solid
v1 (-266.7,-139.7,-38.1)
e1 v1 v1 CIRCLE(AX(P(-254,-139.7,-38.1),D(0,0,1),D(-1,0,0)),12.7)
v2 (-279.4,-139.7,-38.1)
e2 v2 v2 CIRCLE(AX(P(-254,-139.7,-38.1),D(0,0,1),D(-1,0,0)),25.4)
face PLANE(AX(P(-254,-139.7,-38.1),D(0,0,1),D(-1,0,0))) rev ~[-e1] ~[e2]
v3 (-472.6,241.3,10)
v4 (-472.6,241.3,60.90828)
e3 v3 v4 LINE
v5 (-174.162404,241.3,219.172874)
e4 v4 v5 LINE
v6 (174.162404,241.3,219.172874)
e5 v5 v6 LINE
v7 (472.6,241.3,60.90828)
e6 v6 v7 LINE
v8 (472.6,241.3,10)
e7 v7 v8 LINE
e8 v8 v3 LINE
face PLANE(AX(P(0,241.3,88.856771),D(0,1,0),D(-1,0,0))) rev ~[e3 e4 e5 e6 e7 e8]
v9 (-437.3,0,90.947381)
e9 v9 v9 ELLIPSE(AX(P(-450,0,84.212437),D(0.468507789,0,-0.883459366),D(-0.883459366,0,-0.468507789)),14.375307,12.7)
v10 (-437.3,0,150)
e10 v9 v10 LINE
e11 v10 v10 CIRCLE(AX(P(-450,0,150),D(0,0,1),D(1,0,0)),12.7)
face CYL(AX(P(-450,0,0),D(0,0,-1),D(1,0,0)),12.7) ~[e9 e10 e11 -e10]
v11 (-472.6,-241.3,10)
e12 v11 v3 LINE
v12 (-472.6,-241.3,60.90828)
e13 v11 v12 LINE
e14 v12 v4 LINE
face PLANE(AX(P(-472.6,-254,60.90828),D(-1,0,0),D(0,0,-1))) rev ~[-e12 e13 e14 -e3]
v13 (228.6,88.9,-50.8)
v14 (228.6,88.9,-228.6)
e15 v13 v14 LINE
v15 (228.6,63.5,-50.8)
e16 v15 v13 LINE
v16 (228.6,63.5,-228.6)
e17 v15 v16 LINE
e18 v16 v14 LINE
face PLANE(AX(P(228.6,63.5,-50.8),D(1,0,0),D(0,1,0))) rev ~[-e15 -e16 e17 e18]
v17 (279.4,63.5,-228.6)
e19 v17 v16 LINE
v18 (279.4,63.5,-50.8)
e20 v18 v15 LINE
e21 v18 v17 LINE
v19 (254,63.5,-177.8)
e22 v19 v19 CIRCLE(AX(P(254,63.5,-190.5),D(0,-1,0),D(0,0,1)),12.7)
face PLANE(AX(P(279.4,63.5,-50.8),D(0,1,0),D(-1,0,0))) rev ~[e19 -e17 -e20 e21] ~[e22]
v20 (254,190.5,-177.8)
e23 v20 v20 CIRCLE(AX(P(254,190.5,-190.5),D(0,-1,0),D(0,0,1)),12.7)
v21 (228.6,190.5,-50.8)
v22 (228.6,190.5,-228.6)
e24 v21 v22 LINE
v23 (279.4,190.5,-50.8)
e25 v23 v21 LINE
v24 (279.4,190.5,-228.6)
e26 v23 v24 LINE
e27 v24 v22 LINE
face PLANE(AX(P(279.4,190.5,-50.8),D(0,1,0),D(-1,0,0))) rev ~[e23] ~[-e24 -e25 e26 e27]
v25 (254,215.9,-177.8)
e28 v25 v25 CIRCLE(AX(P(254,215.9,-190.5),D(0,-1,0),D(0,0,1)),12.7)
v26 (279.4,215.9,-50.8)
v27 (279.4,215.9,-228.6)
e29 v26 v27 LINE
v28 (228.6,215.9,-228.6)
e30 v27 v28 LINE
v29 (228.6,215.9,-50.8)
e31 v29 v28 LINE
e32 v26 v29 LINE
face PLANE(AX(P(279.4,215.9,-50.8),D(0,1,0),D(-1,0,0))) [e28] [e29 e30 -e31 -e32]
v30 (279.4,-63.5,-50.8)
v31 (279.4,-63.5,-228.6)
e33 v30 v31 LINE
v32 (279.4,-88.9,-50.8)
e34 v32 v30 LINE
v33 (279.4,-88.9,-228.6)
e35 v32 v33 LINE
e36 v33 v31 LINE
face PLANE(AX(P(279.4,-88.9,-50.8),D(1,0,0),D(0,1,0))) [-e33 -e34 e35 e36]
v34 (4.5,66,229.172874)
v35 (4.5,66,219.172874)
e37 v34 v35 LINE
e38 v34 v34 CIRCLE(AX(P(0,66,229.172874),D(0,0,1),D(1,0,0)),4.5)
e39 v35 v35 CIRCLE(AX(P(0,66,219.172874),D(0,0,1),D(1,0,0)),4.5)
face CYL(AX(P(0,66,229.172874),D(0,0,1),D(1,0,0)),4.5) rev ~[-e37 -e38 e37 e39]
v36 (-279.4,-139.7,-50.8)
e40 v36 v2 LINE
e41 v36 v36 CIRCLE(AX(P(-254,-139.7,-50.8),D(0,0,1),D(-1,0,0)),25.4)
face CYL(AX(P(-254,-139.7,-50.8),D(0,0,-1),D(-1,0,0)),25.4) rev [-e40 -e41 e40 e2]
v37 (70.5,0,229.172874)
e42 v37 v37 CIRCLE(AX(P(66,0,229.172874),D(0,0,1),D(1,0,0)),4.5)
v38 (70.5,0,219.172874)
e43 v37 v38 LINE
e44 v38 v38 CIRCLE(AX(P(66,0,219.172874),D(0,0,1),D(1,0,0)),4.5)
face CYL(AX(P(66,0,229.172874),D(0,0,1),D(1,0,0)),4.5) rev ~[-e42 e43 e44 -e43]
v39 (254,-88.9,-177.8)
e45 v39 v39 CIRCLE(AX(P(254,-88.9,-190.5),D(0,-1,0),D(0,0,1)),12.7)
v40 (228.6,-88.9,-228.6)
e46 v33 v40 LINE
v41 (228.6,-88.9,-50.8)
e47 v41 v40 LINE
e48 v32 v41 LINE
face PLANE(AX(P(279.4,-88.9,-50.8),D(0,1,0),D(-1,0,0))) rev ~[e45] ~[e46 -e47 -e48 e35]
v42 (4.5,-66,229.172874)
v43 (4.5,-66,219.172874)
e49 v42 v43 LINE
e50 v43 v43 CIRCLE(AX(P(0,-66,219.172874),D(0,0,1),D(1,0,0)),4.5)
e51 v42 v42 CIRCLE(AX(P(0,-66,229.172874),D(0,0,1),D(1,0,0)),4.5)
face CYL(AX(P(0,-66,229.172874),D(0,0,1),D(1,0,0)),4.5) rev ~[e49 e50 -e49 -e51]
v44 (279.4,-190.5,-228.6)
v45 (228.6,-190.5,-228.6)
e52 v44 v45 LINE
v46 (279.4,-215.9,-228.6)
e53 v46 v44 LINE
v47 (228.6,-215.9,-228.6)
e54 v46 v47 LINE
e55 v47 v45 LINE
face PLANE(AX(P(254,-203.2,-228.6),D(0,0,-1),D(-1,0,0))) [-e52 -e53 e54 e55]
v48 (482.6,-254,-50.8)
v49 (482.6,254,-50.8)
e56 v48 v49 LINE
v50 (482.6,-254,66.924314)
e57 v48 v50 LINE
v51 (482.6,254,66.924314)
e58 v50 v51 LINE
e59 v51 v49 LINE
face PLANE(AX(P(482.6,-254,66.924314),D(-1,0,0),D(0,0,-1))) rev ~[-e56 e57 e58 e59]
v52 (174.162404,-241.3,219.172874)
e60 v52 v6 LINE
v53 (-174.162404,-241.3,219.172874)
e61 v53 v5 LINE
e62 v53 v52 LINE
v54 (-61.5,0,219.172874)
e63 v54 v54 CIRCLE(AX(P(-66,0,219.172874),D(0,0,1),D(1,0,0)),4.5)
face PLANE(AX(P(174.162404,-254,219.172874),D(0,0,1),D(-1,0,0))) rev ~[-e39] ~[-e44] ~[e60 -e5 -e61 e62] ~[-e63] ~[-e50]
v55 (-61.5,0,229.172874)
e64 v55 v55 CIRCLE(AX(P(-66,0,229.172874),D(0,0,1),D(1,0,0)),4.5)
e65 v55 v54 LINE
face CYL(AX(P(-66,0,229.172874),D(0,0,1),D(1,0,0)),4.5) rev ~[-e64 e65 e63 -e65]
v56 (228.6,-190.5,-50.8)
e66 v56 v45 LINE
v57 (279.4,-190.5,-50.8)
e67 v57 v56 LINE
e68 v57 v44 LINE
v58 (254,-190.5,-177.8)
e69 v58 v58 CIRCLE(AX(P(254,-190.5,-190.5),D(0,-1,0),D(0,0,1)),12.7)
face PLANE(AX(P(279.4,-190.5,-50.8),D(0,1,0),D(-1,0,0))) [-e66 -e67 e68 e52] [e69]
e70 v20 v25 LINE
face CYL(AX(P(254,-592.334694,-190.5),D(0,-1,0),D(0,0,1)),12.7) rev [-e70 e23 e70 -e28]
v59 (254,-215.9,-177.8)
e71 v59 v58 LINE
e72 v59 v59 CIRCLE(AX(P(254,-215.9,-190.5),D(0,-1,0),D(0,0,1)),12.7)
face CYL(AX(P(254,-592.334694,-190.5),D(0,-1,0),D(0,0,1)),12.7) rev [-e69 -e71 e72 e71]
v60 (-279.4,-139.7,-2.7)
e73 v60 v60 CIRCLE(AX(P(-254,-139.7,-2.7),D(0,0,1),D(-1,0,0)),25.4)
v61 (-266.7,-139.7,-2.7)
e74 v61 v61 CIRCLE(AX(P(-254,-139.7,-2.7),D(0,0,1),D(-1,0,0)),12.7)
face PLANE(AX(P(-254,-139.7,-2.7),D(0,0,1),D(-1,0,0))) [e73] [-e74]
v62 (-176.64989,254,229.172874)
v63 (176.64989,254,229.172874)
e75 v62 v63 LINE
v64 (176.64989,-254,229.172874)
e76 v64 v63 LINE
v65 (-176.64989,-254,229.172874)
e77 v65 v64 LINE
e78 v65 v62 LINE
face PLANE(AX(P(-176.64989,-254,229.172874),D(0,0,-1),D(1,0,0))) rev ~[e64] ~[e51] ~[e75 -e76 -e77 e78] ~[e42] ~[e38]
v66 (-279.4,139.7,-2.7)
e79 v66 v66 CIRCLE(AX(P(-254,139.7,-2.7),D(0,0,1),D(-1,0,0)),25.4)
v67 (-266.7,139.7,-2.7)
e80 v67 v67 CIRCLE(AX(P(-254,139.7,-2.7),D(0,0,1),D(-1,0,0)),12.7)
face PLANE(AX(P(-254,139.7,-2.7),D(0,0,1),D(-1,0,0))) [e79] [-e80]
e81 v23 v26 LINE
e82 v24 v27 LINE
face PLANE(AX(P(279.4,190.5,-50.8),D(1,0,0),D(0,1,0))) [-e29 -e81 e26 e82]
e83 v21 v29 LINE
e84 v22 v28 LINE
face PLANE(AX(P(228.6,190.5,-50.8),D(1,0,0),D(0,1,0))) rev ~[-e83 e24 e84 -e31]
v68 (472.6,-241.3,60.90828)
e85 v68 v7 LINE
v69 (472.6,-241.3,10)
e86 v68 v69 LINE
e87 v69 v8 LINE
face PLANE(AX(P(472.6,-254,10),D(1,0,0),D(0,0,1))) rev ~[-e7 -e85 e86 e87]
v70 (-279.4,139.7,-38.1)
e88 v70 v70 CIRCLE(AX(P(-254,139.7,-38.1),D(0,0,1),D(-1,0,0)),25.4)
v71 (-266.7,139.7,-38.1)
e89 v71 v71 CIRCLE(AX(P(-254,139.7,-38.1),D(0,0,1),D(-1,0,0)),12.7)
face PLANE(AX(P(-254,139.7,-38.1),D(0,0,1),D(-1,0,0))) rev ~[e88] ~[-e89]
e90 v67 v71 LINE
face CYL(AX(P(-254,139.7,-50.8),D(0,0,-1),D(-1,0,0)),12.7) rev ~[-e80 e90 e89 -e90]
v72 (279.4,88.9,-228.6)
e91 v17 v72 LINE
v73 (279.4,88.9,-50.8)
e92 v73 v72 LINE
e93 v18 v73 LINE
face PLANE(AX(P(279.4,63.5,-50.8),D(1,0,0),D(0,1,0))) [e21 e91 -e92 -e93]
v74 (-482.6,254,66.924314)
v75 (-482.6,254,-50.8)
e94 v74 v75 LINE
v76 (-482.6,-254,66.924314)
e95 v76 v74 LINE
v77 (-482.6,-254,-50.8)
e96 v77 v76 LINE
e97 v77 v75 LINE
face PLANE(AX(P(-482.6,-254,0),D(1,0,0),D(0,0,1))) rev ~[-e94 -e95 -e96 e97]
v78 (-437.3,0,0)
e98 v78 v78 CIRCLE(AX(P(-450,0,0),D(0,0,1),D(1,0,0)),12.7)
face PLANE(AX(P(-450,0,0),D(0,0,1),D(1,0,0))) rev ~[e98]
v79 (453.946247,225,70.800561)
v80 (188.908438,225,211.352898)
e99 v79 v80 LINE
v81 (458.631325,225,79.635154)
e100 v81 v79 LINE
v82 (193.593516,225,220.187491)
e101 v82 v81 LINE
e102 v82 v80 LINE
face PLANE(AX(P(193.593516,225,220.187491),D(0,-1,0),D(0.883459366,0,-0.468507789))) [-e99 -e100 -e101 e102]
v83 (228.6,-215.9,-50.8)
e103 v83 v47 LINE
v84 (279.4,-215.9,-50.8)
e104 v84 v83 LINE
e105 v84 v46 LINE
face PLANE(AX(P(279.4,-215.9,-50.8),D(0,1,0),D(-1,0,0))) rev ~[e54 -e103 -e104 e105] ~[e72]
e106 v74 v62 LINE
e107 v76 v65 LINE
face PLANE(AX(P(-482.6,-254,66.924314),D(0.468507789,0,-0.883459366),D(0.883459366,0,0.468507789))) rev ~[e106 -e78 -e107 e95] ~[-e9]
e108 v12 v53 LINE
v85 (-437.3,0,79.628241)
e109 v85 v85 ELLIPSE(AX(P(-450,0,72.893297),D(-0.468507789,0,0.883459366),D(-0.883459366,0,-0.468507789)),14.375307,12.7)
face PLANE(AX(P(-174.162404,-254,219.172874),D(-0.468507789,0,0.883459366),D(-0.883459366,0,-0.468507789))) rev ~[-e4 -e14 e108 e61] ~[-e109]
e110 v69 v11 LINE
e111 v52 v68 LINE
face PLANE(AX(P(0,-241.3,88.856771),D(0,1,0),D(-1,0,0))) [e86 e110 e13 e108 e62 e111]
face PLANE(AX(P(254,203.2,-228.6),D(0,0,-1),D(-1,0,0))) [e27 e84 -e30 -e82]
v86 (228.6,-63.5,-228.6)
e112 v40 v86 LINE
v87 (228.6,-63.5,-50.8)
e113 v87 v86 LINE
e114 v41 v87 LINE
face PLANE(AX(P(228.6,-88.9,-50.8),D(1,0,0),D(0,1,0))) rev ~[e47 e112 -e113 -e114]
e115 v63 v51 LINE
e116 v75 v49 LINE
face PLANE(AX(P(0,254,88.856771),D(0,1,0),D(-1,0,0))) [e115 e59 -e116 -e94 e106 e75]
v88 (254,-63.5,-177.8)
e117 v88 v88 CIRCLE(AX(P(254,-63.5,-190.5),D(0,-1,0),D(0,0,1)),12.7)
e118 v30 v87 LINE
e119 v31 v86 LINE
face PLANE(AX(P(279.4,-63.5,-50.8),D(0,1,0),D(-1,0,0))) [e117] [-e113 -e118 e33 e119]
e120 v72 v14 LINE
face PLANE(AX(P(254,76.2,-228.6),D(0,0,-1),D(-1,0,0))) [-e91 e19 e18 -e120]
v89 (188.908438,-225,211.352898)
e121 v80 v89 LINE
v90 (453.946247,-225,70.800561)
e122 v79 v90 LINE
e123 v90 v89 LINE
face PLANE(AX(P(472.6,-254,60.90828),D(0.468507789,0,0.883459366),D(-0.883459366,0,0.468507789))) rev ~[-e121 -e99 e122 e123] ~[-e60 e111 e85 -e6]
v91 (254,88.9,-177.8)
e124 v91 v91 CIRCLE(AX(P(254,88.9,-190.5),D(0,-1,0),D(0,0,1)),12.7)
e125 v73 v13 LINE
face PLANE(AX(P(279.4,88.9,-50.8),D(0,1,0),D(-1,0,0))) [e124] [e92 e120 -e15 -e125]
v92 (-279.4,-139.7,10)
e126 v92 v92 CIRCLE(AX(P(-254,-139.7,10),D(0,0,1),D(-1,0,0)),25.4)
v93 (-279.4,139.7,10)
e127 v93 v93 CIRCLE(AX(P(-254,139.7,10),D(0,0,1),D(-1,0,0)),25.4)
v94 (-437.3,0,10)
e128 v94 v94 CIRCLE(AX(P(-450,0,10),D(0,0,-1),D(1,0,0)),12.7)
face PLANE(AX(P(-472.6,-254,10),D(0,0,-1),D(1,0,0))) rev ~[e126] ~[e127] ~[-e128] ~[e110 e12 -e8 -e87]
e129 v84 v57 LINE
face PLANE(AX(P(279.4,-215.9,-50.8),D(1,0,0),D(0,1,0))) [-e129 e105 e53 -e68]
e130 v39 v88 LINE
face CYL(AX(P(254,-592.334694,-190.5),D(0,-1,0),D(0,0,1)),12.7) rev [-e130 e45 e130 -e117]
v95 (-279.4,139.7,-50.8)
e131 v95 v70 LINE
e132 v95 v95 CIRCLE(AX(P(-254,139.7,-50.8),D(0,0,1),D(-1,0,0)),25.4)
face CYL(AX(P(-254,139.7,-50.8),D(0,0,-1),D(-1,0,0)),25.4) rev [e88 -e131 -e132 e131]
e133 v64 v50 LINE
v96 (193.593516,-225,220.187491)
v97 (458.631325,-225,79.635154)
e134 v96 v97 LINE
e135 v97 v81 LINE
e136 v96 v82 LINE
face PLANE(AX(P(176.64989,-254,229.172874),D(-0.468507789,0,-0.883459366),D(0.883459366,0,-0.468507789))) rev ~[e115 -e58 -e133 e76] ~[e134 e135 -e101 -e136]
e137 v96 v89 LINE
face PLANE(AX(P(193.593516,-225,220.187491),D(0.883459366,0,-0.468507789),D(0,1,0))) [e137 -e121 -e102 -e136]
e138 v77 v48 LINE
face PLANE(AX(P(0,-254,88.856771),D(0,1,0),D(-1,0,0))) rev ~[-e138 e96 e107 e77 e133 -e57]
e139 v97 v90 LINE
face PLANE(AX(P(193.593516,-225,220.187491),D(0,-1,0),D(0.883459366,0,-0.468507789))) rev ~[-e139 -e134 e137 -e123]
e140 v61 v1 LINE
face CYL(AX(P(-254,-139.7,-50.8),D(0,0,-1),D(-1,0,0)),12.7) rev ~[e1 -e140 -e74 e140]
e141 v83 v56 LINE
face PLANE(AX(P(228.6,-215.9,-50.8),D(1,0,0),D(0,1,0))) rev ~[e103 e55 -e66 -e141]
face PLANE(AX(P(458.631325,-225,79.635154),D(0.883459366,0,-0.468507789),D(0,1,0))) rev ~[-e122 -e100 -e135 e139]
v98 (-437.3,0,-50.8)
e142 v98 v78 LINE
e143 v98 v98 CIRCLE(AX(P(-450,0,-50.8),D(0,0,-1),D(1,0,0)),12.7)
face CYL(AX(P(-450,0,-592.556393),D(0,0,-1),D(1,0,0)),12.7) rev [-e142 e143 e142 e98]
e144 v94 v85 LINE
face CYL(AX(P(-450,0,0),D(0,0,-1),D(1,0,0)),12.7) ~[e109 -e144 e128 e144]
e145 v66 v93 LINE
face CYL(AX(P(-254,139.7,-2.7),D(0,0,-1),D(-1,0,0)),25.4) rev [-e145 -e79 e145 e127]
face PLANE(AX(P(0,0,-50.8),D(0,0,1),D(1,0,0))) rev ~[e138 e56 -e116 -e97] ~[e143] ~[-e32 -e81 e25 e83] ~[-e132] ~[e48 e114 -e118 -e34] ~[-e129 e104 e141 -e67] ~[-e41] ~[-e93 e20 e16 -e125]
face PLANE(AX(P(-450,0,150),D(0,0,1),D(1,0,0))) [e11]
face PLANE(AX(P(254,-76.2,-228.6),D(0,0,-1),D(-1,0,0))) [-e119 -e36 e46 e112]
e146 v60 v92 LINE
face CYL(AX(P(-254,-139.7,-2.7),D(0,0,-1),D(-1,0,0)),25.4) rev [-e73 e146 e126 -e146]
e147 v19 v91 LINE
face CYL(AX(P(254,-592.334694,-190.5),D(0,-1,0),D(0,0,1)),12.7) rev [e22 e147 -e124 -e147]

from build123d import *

# Parameters (mm, degrees)
SKETCH1_W                = 965.2
SKETCH1_H                = 508
BOSS_EXTRUDE1_DEPTH      = 50.8
SKETCH3_W                = 50.8
SKETCH3_H                = 25.4
BOSS_EXTRUDE2_DEPTH      = 177.8
CUT_EXTRUDE2_DEPTH       = 592.334693723
CUT_EXTRUDE2_DEPTH_BACK  = 592.334693723
SKETCH4_R                = 12.7
BOSS_EXTRUDE3_DEPTH      = 254
BOSS_EXTRUDE3_DEPTH_BACK = 254
BOSS_EXTRUDE4_DEPTH      = 12.7
BOSS_EXTRUDE5_START      = -508
BOSS_EXTRUDE5_DEPTH      = 12.7
CUT_EXTRUDE3_DEPTH       = 592.556393084
CUT_EXTRUDE3_DEPTH_BACK  = 592.556393084
SKETCH2_R                = 12.7
CUT_EXTRUDE4_START       = -50.8
SKETCH12_R               = 25.4
SKETCH12_R_2             = 12.7
CUT_EXTRUDE4_DEPTH       = 12.7
SKETCH13_R               = 12.7
CUT_EXTRUDE5_DEPTH       = 25.4
CUT_EXTRUDE6_START       = -2.7
SKETCH14_R               = 25.4
SKETCH14_R_2             = 12.7
CUT_EXTRUDE6_DEPTH       = 12.7
CUT_EXTRUDE7_DEPTH       = 10
CUT_EXTRUDE7_DEPTH_BACK  = 592.556393084
SKETCH15_R               = 12.7
SKETCH2_4_R              = 12.7
BOSS_EXTRUDE6_DEPTH      = 150
CUT_EXTRUDE8_REACH       = 714.022
SKETCH16_R               = 4.5
CUT_EXTRUDE9_REACH       = 823.718
SKETCH17_W               = 300
SKETCH17_H               = 450


with BuildPart() as part:
    # Sketch1 → Boss-Extrude1 (new body)
    with BuildSketch(Plane.XY):
        Rectangle(SKETCH1_W, SKETCH1_H)
    extrude(amount=-BOSS_EXTRUDE1_DEPTH)

    # Sketch3 → Boss-Extrude2 (add)
    with BuildSketch(Plane(origin=(0, 0, -50.8), x_dir=(-1, 0, 0), z_dir=(0, 0, -1))):
        with Locations((-254, 203.2)):
            Rectangle(SKETCH3_W, SKETCH3_H)
        with Locations((-254, 76.2)):
            Rectangle(SKETCH3_W, SKETCH3_H)
        with Locations((-254, -76.2)):
            Rectangle(SKETCH3_W, SKETCH3_H)
        with Locations((-254, -203.2)):
            Rectangle(SKETCH3_W, SKETCH3_H)
    extrude(amount=BOSS_EXTRUDE2_DEPTH)

    # Sketch4 → Cut-Extrude2 (cut, two sides: drawn at the far end of the back side and taken through both)
    with BuildSketch(Plane(origin=(0, 0, 0), x_dir=(1, 0, 0), z_dir=(0, 1, 0)).offset(-CUT_EXTRUDE2_DEPTH_BACK)):
        with Locations(Location((254, 190.5, 0), (0, 0, 270))):
            Circle(SKETCH4_R)
    extrude(amount=CUT_EXTRUDE2_DEPTH + CUT_EXTRUDE2_DEPTH_BACK, mode=Mode.SUBTRACT)

    # Sketch10 → Boss-Extrude3 (add, two sides: drawn at the far end of the back side and taken through both)
    with BuildSketch(Plane(origin=(0, 0, 0), x_dir=(1, 0, 0), z_dir=(0, 1, 0)).offset(-BOSS_EXTRUDE3_DEPTH_BACK)):
        Polygon((482.6, 0), (-482.6, 0), (-482.6, -66.924314291), (-176.649889789, -229.172874046), (0, -229.172874046), (176.649889789, -229.172874046), (482.6, -66.924314291), align=None)
        Polygon((-472.6, -60.908279697), (-472.6, -10), (472.6, -10), (472.6, -60.908279697), (174.162404273, -219.172874046), (0, -219.172874046), (-174.162404273, -219.172874046), align=None, mode=Mode.SUBTRACT)
    extrude(amount=BOSS_EXTRUDE3_DEPTH + BOSS_EXTRUDE3_DEPTH_BACK)

    # Sketch11 → Boss-Extrude4 (add)
    with BuildSketch(Plane.XZ.offset(254)):
        Polygon((-472.6, 10), (-472.6, 60.908279697), (-174.162404273, 219.172874046), (174.162404273, 219.172874046), (472.6, 60.908279697), (472.6, 10), align=None)
    extrude(amount=-BOSS_EXTRUDE4_DEPTH)

    # Sketch11<2> → Boss-Extrude5 (add)
    with BuildSketch(Plane.XZ.offset(254).offset(BOSS_EXTRUDE5_START)):
        Polygon((-472.6, 10), (-472.6, 60.908279697), (-174.162404273, 219.172874046), (174.162404273, 219.172874046), (472.6, 60.908279697), (472.6, 10), align=None)
    extrude(amount=BOSS_EXTRUDE5_DEPTH)

    # Sketch2 → Cut-Extrude3 (cut, two sides: drawn at the far end of the back side and taken through both)
    with BuildSketch(Plane.XY.offset(-CUT_EXTRUDE3_DEPTH_BACK)):
        with Locations((-450, 0)):
            Circle(SKETCH2_R)
    extrude(amount=CUT_EXTRUDE3_DEPTH + CUT_EXTRUDE3_DEPTH_BACK, mode=Mode.SUBTRACT)

    # Sketch12 → Cut-Extrude4 (cut)
    # profile 1 of 2: a face of its own
    with BuildSketch(Plane.XY.offset(CUT_EXTRUDE4_START)):
        with Locations(Location((-254, 139.7, 0), (0, 0, 180))):
            Circle(SKETCH12_R)
        with Locations(Location((-254, 139.7, 0), (0, 0, 180))):
            Circle(SKETCH12_R_2, mode=Mode.SUBTRACT)
    # profile 2 of 2: a face of its own
    with BuildSketch(Plane.XY.offset(CUT_EXTRUDE4_START)):
        with Locations(Location((-254, -139.7, 0), (0, 0, 180))):
            Circle(SKETCH12_R)
        with Locations(Location((-254, -139.7, 0), (0, 0, 180))):
            Circle(SKETCH12_R_2, mode=Mode.SUBTRACT)
    extrude(amount=CUT_EXTRUDE4_DEPTH, mode=Mode.SUBTRACT)

    # Sketch13 → Cut-Extrude5 (cut)
    with BuildSketch(Plane(origin=(0, 0, -50.8), x_dir=(-1, 0, 0), z_dir=(0, 0, -1))):
        with Locations((254, 139.7)):
            Circle(SKETCH13_R)
        with Locations((254, -139.7)):
            Circle(SKETCH13_R)
    extrude(amount=-CUT_EXTRUDE5_DEPTH, mode=Mode.SUBTRACT)

    # Sketch14 → Cut-Extrude6 (cut)
    # profile 1 of 2: a face of its own
    with BuildSketch(Plane.XY.offset(CUT_EXTRUDE6_START)):
        with Locations(Location((-254, 139.7, 0), (0, 0, 180))):
            Circle(SKETCH14_R)
        with Locations(Location((-254, 139.7, 0), (0, 0, 180))):
            Circle(SKETCH14_R_2, mode=Mode.SUBTRACT)
    # profile 2 of 2: a face of its own
    with BuildSketch(Plane.XY.offset(CUT_EXTRUDE6_START)):
        with Locations(Location((-254, -139.7, 0), (0, 0, 180))):
            Circle(SKETCH14_R)
        with Locations(Location((-254, -139.7, 0), (0, 0, 180))):
            Circle(SKETCH14_R_2, mode=Mode.SUBTRACT)
    extrude(amount=CUT_EXTRUDE6_DEPTH, mode=Mode.SUBTRACT)

    # Sketch15 → Cut-Extrude7 (cut, two sides: drawn at the far end of the back side and taken through both)
    with BuildSketch(Plane.XY.offset(-CUT_EXTRUDE7_DEPTH_BACK)):
        with Locations(Location((-254, -139.7, 0), (0, 0, 180))):
            Circle(SKETCH15_R)
        with Locations(Location((-254, 139.7, 0), (0, 0, 180))):
            Circle(SKETCH15_R)
    extrude(amount=CUT_EXTRUDE7_DEPTH + CUT_EXTRUDE7_DEPTH_BACK, mode=Mode.SUBTRACT)

    # Sketch2<4> → Boss-Extrude6 (add)
    with BuildSketch(Plane.XY):
        with Locations((-450, 0)):
            Circle(SKETCH2_4_R)
    extrude(amount=BOSS_EXTRUDE6_DEPTH)

    # Sketch16 → Cut-Extrude8 (cut, up to next)
    with BuildSketch(Plane.XY.offset(229.172874046), mode=Mode.PRIVATE) as cut_extrude8_sk1:
        with Locations((-66, 0)):
            Circle(SKETCH16_R)
    cut_extrude8_tool1 = extrude(cut_extrude8_sk1.sketch, amount=-CUT_EXTRUDE8_REACH, mode=Mode.PRIVATE) & part.part
    # Sketch16 → Cut-Extrude8 (cut, up to next)
    with BuildSketch(Plane.XY.offset(229.172874046), mode=Mode.PRIVATE) as cut_extrude8_sk2:
        with Locations((0, 66)):
            Circle(SKETCH16_R)
    cut_extrude8_tool2 = extrude(cut_extrude8_sk2.sketch, amount=-CUT_EXTRUDE8_REACH, mode=Mode.PRIVATE) & part.part
    # Sketch16 → Cut-Extrude8 (cut, up to next)
    with BuildSketch(Plane.XY.offset(229.172874046), mode=Mode.PRIVATE) as cut_extrude8_sk3:
        with Locations((66, 0)):
            Circle(SKETCH16_R)
    cut_extrude8_tool3 = extrude(cut_extrude8_sk3.sketch, amount=-CUT_EXTRUDE8_REACH, mode=Mode.PRIVATE) & part.part
    # Sketch16 → Cut-Extrude8 (cut, up to next)
    with BuildSketch(Plane.XY.offset(229.172874046), mode=Mode.PRIVATE) as cut_extrude8_sk4:
        with Locations((0, -66)):
            Circle(SKETCH16_R)
    cut_extrude8_tool4 = extrude(cut_extrude8_sk4.sketch, amount=-CUT_EXTRUDE8_REACH, mode=Mode.PRIVATE) & part.part
    add(cut_extrude8_tool1.solids().sort_by_distance((-66, 0, 229.172874))[0], mode=Mode.SUBTRACT)
    add(cut_extrude8_tool2.solids().sort_by_distance((0, 66, 229.172874))[0], mode=Mode.SUBTRACT)
    add(cut_extrude8_tool3.solids().sort_by_distance((66, 0, 229.172874))[0], mode=Mode.SUBTRACT)
    add(cut_extrude8_tool4.solids().sort_by_distance((0, -66, 229.172874))[0], mode=Mode.SUBTRACT)

    # Sketch17 → Cut-Extrude9 (cut, up to next)
    with BuildSketch(Plane(origin=(133.630964067, 0, 251.986262594), x_dir=(0.8834593660439969, 0, -0.4685077892086097), z_dir=(0.4685077892086097, 0, 0.8834593660439969)), mode=Mode.PRIVATE) as cut_extrude9_sk1:
        with Locations((217.872449791, 0)):
            Rectangle(SKETCH17_W, SKETCH17_H)
    cut_extrude9_tool1 = extrude(cut_extrude9_sk1.sketch, amount=-CUT_EXTRUDE9_REACH, mode=Mode.PRIVATE) & part.part
    add(cut_extrude9_tool1.solids().sort_by_distance((326.11242, 0, 149.911323))[0], mode=Mode.SUBTRACT)


solid = part.part
